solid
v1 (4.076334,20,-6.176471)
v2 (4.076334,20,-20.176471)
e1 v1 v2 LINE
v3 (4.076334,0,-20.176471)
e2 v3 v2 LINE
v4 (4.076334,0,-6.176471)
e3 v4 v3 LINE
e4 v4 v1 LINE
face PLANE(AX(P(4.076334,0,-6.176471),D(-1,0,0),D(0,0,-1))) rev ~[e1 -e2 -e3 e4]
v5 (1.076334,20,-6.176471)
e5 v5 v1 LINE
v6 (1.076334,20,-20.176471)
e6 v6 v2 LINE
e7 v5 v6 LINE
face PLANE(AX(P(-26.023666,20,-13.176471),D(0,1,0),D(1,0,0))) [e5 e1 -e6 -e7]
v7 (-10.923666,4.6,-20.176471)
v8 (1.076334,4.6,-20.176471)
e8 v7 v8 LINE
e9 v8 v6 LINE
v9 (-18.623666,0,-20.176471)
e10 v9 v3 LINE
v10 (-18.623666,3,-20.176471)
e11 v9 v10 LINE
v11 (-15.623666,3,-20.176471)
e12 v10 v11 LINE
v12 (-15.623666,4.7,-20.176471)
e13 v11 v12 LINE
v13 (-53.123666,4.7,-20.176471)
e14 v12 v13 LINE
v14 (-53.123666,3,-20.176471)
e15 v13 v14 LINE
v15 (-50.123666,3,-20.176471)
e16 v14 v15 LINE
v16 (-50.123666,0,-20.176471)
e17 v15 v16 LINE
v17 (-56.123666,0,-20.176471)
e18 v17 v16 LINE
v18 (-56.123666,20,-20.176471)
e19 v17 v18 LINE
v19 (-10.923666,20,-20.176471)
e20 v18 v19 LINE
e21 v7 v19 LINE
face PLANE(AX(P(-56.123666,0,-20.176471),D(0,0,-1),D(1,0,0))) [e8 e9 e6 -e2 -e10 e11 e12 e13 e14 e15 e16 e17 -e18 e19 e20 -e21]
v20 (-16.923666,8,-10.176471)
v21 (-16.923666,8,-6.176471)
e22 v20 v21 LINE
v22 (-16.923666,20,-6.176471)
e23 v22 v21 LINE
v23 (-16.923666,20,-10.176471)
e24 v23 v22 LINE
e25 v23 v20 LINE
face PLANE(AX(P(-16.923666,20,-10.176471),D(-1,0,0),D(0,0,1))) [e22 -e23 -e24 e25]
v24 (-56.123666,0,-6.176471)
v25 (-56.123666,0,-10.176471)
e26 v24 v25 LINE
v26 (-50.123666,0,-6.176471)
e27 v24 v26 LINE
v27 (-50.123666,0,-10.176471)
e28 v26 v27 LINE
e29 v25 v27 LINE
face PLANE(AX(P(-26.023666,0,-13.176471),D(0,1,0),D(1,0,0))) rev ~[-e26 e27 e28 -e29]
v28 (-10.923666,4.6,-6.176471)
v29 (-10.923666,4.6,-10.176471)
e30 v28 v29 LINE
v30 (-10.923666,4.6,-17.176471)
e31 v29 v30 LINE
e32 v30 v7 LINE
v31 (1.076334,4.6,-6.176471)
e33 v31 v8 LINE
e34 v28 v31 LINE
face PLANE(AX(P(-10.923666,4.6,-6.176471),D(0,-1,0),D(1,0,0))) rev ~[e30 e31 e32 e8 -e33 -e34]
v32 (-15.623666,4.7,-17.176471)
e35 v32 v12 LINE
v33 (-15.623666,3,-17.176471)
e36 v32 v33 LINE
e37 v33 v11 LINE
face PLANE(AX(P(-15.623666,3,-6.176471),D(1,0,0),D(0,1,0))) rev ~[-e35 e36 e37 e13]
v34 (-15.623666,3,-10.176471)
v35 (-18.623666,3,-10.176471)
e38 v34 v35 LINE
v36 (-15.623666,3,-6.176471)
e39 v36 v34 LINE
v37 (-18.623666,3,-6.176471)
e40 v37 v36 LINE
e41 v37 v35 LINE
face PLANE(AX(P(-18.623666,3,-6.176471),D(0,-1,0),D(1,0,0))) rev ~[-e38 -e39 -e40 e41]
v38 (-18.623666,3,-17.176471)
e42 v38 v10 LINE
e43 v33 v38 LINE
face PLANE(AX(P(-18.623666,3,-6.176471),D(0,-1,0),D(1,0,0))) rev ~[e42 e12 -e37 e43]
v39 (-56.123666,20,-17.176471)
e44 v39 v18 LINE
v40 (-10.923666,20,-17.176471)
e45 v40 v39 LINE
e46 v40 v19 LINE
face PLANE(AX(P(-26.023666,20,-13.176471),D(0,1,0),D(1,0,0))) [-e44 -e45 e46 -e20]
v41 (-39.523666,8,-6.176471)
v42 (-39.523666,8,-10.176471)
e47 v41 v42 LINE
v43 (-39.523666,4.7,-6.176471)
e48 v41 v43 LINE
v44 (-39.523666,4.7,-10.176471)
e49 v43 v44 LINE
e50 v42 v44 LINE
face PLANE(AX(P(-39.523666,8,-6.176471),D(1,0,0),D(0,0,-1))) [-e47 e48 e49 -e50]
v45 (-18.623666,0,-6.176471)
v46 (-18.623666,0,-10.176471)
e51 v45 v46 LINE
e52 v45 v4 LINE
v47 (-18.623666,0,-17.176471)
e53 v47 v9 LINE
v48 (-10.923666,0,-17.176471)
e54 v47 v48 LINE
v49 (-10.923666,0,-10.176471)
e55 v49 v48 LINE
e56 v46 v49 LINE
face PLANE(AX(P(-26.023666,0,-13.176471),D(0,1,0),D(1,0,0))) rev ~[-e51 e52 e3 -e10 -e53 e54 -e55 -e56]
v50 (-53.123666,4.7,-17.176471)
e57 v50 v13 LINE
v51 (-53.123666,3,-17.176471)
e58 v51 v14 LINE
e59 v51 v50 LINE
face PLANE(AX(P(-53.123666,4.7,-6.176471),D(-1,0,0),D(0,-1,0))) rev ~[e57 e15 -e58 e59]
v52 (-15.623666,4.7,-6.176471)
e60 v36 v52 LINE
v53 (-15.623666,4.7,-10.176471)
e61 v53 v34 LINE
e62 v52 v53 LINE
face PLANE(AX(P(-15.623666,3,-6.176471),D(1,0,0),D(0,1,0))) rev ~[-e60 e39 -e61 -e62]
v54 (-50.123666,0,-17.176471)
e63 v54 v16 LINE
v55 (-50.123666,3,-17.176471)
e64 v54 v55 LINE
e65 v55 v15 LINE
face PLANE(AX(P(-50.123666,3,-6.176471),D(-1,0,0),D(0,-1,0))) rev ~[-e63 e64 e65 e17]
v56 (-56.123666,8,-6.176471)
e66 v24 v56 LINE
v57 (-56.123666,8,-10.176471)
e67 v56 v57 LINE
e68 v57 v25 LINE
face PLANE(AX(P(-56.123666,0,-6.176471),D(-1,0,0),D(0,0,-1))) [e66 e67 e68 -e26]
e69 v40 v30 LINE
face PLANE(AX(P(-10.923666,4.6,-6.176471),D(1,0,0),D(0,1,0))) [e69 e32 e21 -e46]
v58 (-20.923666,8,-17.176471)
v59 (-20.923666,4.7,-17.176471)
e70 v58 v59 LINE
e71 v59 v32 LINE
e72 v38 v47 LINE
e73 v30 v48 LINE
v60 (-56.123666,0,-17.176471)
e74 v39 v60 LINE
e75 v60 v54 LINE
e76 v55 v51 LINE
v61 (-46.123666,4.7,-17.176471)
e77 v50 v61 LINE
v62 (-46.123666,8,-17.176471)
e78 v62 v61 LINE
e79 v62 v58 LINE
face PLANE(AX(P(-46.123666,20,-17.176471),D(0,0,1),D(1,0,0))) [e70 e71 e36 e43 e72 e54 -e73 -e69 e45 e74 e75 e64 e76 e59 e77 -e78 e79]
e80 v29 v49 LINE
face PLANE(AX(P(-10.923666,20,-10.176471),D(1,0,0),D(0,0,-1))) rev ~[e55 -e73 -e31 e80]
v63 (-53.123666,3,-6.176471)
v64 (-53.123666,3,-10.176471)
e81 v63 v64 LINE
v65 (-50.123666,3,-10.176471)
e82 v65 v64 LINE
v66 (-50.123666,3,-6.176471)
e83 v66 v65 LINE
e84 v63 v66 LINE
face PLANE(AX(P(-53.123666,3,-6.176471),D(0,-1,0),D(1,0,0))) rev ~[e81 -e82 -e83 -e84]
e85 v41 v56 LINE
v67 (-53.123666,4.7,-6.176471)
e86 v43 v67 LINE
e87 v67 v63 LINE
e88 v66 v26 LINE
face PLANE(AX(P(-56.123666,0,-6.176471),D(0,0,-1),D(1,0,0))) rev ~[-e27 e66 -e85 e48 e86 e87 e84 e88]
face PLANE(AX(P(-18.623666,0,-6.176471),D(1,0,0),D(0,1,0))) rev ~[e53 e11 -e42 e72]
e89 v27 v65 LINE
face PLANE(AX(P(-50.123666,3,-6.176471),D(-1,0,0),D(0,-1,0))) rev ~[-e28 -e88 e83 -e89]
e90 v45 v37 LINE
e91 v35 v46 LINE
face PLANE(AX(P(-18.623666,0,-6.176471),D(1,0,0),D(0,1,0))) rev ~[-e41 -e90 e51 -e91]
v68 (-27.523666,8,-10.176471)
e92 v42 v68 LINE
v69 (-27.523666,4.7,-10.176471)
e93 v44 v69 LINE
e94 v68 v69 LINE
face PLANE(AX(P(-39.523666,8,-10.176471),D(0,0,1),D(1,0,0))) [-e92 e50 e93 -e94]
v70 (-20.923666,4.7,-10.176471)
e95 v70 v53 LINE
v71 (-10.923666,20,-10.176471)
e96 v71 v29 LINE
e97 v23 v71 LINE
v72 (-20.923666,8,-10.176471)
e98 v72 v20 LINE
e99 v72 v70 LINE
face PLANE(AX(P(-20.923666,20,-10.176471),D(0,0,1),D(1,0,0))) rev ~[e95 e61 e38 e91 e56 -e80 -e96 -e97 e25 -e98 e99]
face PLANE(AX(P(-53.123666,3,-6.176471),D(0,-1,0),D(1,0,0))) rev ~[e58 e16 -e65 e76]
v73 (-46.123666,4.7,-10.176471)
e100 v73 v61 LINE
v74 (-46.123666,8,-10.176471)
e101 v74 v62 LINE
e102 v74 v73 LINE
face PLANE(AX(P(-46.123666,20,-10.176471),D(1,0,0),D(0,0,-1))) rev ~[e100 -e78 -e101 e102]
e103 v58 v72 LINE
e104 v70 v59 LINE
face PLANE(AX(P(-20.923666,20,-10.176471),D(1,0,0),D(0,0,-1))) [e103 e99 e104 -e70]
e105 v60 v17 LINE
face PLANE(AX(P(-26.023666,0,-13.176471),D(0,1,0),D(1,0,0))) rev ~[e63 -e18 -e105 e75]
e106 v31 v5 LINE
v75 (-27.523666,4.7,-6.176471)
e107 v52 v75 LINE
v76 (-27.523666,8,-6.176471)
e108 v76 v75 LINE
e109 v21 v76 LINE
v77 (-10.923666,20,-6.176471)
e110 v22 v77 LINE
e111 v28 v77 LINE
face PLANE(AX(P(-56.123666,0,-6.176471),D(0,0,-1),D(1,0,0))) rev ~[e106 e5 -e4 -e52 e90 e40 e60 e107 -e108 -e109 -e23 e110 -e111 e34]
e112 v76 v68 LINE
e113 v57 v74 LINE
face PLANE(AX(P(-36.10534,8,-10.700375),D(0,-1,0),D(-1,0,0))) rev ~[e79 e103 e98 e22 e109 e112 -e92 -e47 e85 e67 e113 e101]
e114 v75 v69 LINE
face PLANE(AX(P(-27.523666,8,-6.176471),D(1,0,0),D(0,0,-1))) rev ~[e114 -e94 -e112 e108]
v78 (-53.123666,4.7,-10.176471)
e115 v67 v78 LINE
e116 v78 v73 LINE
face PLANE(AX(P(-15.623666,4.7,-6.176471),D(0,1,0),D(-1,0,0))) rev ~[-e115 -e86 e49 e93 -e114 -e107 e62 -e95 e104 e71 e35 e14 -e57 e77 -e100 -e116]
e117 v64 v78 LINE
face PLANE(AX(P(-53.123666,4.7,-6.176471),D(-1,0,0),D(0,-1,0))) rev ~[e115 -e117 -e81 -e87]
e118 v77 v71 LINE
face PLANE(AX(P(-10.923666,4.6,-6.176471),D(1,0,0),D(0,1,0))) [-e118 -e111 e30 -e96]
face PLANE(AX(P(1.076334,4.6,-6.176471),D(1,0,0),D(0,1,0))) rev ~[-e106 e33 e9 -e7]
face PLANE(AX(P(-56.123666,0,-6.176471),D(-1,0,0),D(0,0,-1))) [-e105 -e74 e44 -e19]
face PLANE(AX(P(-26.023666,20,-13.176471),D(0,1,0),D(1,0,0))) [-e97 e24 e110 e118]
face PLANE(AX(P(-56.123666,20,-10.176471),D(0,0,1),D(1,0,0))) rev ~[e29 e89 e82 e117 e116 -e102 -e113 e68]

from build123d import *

# Parameters (mm, degrees)
CROQUIS1_W              = 60.2
CROQUIS1_H              = 14
SALIENTE_EXTRUIR1_DEPTH = 20
CROQUIS2_W              = 12
CROQUIS2_H              = 15.4
CORTAR_EXTRUIR1_DEPTH   = 14
CROQUIS3_W              = 10
CROQUIS3_H              = 7
CORTAR_EXTRUIR2_DEPTH   = 20
CORTAR_EXTRUIR3_DEPTH   = 12
CROQUIS5_W              = 12
CROQUIS5_H              = 4
CORTAR_EXTRUIR4_DEPTH   = 3.3


with BuildPart() as part:
    # Croquis1 → Saliente-Extruir1 (new body)
    with BuildSketch(Plane(origin=(0, 0, 0), x_dir=(1, 0, 0), z_dir=(0, 1, 0))):
        with Locations((-26.023666378, 13.176470588)):
            Rectangle(CROQUIS1_W, CROQUIS1_H)
    extrude(amount=SALIENTE_EXTRUIR1_DEPTH)

    # Croquis2 → Cortar-Extruir1 (cut)
    with BuildSketch(Plane.XY.offset(-6.176470588)):
        Polygon((-50.123666378, 0), (-18.623666378, 0), (-18.623666378, 3), (-15.623666378, 3), (-15.623666378, 4.7), (-20.023666378, 4.7), (-51.023666378, 4.7), (-53.123666378, 4.7), (-53.123666378, 3), (-50.123666378, 3), align=None)
        with Locations((-4.923666378, 12.3)):
            Rectangle(CROQUIS2_W, CROQUIS2_H)
    extrude(amount=-CORTAR_EXTRUIR1_DEPTH, mode=Mode.SUBTRACT)

    # Croquis3 → Cortar-Extruir2 (cut)
    with BuildSketch(Plane(origin=(0, 20, 0), x_dir=(1, 0, 0), z_dir=(0, 1, 0))):
        with Locations((-51.123666378, 13.676470588)):
            Rectangle(CROQUIS3_W, CROQUIS3_H)
        with Locations((-15.923666378, 13.676470588)):
            Rectangle(CROQUIS3_W, CROQUIS3_H)
    extrude(amount=-CORTAR_EXTRUIR2_DEPTH, mode=Mode.SUBTRACT)

    # Croquis4 → Cortar-Extruir3 (cut)
    with BuildSketch(Plane(origin=(0, 20, 0), x_dir=(1, 0, 0), z_dir=(0, 1, 0))):
        Polygon((-46.123666378, 17.176470588), (-20.923666378, 17.176470588), (-20.923666378, 10.176470588), (-16.923666378, 10.176470588), (-16.923666378, 6.176470588), (-56.123666378, 6.176470588), (-56.123666378, 10.176470588), (-46.123666378, 10.176470588), align=None)
    extrude(amount=-CORTAR_EXTRUIR3_DEPTH, mode=Mode.SUBTRACT)

    # Croquis5 → Cortar-Extruir4 (cut)
    with BuildSketch(Plane(origin=(0, 8, 0), x_dir=(1, 0, 0), z_dir=(0, 1, 0))):
        with Locations((-33.523666378, 8.176470588)):
            Rectangle(CROQUIS5_W, CROQUIS5_H)
    extrude(amount=-CORTAR_EXTRUIR4_DEPTH, mode=Mode.SUBTRACT)


solid = part.part
